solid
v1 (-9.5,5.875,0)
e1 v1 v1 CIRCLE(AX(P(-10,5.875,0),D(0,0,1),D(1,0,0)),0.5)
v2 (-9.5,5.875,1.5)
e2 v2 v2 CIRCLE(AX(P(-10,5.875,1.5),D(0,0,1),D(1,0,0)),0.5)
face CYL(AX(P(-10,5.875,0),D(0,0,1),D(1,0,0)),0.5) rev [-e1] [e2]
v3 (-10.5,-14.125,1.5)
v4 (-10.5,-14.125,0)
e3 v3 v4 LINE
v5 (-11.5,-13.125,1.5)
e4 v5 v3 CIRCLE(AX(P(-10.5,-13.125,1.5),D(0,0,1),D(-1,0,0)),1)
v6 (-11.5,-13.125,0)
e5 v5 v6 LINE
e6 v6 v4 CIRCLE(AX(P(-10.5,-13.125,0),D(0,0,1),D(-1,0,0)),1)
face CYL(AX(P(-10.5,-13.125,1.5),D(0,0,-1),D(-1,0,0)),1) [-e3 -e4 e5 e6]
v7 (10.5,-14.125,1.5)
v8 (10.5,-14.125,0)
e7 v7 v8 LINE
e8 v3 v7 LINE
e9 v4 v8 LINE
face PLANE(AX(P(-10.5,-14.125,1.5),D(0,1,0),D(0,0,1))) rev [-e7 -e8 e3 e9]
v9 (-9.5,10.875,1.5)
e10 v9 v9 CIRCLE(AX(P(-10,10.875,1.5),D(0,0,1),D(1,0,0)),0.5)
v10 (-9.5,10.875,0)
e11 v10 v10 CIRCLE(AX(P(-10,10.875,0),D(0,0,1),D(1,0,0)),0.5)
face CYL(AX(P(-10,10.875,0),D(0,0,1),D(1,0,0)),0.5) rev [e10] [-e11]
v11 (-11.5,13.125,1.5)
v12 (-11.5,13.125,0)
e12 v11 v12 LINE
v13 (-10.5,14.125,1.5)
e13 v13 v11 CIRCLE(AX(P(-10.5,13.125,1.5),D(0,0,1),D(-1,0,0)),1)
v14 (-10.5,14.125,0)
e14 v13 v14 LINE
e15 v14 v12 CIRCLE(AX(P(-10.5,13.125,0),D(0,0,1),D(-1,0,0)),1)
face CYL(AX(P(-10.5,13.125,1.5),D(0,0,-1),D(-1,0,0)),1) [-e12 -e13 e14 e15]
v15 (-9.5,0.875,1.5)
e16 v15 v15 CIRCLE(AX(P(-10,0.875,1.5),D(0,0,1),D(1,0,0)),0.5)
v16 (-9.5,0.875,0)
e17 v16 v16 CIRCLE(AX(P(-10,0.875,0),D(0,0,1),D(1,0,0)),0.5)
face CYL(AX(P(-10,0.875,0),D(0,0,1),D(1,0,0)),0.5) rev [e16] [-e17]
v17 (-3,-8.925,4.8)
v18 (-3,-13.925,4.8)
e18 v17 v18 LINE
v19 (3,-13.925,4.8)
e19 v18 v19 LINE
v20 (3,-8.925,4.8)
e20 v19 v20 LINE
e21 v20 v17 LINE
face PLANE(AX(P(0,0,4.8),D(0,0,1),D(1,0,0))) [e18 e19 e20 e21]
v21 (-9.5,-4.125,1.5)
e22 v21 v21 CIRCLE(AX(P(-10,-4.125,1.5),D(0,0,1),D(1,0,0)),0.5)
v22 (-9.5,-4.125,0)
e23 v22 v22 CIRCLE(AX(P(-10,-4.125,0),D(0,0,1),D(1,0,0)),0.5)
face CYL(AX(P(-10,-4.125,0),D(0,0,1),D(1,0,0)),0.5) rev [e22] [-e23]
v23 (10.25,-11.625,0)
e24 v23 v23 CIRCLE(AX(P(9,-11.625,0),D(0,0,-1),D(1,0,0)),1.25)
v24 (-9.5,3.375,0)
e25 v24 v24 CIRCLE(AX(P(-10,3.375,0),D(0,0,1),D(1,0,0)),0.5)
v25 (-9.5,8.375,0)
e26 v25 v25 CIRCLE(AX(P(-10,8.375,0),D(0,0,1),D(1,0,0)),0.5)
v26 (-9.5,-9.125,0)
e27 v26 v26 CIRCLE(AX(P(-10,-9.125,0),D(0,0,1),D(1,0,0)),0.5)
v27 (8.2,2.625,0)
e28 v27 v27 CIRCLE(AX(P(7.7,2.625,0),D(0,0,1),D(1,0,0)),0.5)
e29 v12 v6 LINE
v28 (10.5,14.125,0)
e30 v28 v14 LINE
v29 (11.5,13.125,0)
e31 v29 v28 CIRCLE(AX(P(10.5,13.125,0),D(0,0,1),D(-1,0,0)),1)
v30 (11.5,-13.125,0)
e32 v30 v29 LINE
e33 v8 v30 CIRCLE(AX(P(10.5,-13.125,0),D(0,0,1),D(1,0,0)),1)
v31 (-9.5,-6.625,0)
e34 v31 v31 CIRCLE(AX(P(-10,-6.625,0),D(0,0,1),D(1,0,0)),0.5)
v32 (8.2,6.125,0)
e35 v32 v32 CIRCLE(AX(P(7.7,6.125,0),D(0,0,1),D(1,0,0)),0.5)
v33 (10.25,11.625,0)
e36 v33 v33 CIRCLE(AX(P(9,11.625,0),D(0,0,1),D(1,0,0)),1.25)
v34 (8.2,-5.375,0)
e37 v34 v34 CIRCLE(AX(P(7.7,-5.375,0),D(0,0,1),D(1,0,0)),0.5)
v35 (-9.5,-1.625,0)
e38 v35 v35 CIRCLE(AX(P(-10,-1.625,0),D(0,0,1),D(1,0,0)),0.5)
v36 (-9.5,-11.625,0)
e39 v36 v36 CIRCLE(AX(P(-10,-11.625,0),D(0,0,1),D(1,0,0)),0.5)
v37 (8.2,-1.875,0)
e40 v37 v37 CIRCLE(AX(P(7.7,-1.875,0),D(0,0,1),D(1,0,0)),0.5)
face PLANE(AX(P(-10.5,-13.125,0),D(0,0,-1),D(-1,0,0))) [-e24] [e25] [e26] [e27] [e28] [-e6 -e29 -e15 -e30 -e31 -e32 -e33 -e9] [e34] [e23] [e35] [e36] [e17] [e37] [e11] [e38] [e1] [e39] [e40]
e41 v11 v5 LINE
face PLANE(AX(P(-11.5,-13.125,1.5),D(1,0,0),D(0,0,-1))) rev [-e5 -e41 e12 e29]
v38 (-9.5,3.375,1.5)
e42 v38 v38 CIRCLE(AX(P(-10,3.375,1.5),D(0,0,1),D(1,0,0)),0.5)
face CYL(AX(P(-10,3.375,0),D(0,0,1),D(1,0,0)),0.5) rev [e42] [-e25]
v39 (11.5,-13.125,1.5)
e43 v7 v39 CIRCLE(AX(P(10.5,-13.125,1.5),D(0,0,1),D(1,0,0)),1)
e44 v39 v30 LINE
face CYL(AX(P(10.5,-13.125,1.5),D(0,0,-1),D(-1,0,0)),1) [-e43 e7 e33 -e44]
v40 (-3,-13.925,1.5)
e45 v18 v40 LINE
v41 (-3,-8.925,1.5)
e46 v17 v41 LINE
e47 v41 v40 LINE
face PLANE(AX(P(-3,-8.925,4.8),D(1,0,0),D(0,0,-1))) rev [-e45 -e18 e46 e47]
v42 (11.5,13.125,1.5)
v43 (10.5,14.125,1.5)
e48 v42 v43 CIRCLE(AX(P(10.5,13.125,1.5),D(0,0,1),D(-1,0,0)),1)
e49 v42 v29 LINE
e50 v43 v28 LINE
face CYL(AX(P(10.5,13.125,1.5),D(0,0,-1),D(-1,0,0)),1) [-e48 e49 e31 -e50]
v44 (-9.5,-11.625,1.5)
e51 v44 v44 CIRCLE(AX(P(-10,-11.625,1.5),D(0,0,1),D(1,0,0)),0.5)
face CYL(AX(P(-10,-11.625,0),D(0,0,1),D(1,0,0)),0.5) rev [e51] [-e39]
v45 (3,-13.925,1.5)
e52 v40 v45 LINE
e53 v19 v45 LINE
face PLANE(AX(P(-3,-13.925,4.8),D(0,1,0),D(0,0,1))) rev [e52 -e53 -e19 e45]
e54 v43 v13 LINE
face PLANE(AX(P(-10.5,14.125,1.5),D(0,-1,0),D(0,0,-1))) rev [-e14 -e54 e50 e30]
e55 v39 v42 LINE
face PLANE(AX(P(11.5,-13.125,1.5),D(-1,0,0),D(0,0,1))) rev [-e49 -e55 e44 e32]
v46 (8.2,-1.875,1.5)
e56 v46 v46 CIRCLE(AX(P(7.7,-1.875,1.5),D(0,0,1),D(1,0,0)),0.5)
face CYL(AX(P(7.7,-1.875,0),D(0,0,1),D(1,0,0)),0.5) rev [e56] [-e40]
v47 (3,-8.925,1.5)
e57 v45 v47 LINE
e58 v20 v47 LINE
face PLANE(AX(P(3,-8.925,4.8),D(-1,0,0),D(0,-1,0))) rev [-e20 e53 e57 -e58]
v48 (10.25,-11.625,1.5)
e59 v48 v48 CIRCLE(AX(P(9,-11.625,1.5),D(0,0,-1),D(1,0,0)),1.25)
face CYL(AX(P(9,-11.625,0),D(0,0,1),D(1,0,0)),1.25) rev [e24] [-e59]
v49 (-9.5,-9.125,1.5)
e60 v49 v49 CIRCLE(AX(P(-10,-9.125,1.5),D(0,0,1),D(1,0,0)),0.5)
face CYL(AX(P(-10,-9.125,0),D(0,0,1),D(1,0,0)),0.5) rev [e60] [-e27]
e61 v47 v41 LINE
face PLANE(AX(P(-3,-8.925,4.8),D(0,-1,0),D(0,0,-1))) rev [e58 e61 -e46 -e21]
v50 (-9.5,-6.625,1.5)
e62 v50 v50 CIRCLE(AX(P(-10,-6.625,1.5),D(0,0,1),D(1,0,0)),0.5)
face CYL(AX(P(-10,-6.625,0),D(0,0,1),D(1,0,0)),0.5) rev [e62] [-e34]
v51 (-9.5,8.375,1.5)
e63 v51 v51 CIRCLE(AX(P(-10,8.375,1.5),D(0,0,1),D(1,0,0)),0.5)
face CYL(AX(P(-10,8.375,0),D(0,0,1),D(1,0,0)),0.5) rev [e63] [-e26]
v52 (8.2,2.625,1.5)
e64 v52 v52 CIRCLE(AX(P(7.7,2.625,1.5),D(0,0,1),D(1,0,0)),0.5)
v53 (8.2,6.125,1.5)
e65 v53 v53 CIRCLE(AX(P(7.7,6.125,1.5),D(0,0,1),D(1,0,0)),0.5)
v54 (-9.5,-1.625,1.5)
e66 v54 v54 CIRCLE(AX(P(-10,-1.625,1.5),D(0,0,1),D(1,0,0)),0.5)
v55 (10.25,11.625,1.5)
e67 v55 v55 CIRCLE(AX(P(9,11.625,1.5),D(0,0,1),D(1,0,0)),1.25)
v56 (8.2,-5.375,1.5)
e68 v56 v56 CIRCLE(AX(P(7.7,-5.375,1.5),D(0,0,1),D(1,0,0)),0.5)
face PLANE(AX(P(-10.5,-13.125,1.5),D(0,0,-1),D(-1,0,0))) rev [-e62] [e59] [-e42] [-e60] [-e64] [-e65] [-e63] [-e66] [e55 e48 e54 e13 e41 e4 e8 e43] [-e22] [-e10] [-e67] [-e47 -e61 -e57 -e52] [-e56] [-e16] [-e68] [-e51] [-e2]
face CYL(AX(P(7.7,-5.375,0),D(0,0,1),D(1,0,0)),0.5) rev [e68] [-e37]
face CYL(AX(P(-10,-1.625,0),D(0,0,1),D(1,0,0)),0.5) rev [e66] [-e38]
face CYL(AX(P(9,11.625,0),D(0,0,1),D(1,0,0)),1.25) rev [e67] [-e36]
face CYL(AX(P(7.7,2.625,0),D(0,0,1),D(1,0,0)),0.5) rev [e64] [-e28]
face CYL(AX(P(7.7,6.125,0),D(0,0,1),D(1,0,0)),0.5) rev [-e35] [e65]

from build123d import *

# Parameters (mm, degrees)
BOSS_EXTRUDE1_DEPTH  = 1.5
SKETCH2_R            = 1.25
CUT_EXTRUDE1_DEPTH   = 19.276094358
SKETCH3_R            = 0.5
CUT_EXTRUDE2_DEPTH   = 19.276094358
LPATTERN1_COUNT      = 10
LPATTERN1_PITCH      = 2.5
SKETCH4_W            = 6
SKETCH4_H            = 5
GAIN_SWITCH_DEPTH    = 3.3
SKETCH5_R            = 0.5
CUT_EXTRUDE3_DEPTH   = 19.510959592
LPATTERN2_COUNT      = 2
LPATTERN2_PITCH      = 3.5
LPATTERN2_COUNT_DIR2 = 2
LPATTERN2_PITCH_DIR2 = 8


with BuildPart() as part:
    # Sketch1 → Boss-Extrude1 (new body)
    with BuildSketch(Plane.XY):
        with BuildLine():
            Line((-10.5, -14.125), (10.5, -14.125))
            ThreePointArc((10.5, -14.125), (11.207106781, -13.832106781), (11.5, -13.125))
            Line((11.5, -13.125), (11.5, 13.125))
            ThreePointArc((11.5, 13.125), (11.207106781, 13.832106781), (10.5, 14.125))
            Line((10.5, 14.125), (-10.5, 14.125))
            ThreePointArc((-10.5, 14.125), (-11.207106781, 13.832106781), (-11.5, 13.125))
            Line((-11.5, 13.125), (-11.5, -13.125))
            ThreePointArc((-11.5, -13.125), (-11.207106781, -13.832106781), (-10.5, -14.125))
        make_face()
    extrude(amount=BOSS_EXTRUDE1_DEPTH)

    # Sketch2 → Cut-Extrude1 (cut, through all)
    with BuildSketch(Plane.XY.offset(1.5)):
        with Locations((9, 11.625)):
            Circle(SKETCH2_R)
    cut_extrude1 = extrude(amount=-CUT_EXTRUDE1_DEPTH, mode=Mode.SUBTRACT)

    # Mirror1: Cut-Extrude1 across plane
    add(cut_extrude1.mirror(Plane.ZX), mode=Mode.SUBTRACT)

    # Sketch3 → Cut-Extrude2 (cut, through all)
    with BuildSketch(Plane.XY.offset(1.5)):
        with Locations((-10, -11.625)):
            Circle(SKETCH3_R)
    cut_extrude2 = extrude(amount=-CUT_EXTRUDE2_DEPTH, mode=Mode.SUBTRACT)

    # LPattern1: Cut-Extrude2 ×10
    with Locations(*[(0, i * LPATTERN1_PITCH, 0) for i in range(1, LPATTERN1_COUNT)]):
        add(cut_extrude2, mode=Mode.SUBTRACT)

    # Sketch4 → Gain Switch (add)
    with BuildSketch(Plane.XY.offset(1.5)):
        with Locations((0, -11.425)):
            Rectangle(SKETCH4_W, SKETCH4_H)
    extrude(amount=GAIN_SWITCH_DEPTH)

    # Sketch5 → Cut-Extrude3 (cut, through all)
    with BuildSketch(Plane.XY.offset(1.5)):
        with Locations((7.7, 6.125)):
            Circle(SKETCH5_R)
    cut_extrude3 = extrude(amount=-CUT_EXTRUDE3_DEPTH, mode=Mode.SUBTRACT)

    # LPattern2: Cut-Extrude3 2 × 2
    with Locations(*[Vector(0, -1, 0) * (i * LPATTERN2_PITCH) + Vector(0, -1, 0) * (j * LPATTERN2_PITCH_DIR2) for i in range(LPATTERN2_COUNT) for j in range(LPATTERN2_COUNT_DIR2) if (i, j) != (0, 0)]):
        add(cut_extrude3, mode=Mode.SUBTRACT)


solid = part.part
